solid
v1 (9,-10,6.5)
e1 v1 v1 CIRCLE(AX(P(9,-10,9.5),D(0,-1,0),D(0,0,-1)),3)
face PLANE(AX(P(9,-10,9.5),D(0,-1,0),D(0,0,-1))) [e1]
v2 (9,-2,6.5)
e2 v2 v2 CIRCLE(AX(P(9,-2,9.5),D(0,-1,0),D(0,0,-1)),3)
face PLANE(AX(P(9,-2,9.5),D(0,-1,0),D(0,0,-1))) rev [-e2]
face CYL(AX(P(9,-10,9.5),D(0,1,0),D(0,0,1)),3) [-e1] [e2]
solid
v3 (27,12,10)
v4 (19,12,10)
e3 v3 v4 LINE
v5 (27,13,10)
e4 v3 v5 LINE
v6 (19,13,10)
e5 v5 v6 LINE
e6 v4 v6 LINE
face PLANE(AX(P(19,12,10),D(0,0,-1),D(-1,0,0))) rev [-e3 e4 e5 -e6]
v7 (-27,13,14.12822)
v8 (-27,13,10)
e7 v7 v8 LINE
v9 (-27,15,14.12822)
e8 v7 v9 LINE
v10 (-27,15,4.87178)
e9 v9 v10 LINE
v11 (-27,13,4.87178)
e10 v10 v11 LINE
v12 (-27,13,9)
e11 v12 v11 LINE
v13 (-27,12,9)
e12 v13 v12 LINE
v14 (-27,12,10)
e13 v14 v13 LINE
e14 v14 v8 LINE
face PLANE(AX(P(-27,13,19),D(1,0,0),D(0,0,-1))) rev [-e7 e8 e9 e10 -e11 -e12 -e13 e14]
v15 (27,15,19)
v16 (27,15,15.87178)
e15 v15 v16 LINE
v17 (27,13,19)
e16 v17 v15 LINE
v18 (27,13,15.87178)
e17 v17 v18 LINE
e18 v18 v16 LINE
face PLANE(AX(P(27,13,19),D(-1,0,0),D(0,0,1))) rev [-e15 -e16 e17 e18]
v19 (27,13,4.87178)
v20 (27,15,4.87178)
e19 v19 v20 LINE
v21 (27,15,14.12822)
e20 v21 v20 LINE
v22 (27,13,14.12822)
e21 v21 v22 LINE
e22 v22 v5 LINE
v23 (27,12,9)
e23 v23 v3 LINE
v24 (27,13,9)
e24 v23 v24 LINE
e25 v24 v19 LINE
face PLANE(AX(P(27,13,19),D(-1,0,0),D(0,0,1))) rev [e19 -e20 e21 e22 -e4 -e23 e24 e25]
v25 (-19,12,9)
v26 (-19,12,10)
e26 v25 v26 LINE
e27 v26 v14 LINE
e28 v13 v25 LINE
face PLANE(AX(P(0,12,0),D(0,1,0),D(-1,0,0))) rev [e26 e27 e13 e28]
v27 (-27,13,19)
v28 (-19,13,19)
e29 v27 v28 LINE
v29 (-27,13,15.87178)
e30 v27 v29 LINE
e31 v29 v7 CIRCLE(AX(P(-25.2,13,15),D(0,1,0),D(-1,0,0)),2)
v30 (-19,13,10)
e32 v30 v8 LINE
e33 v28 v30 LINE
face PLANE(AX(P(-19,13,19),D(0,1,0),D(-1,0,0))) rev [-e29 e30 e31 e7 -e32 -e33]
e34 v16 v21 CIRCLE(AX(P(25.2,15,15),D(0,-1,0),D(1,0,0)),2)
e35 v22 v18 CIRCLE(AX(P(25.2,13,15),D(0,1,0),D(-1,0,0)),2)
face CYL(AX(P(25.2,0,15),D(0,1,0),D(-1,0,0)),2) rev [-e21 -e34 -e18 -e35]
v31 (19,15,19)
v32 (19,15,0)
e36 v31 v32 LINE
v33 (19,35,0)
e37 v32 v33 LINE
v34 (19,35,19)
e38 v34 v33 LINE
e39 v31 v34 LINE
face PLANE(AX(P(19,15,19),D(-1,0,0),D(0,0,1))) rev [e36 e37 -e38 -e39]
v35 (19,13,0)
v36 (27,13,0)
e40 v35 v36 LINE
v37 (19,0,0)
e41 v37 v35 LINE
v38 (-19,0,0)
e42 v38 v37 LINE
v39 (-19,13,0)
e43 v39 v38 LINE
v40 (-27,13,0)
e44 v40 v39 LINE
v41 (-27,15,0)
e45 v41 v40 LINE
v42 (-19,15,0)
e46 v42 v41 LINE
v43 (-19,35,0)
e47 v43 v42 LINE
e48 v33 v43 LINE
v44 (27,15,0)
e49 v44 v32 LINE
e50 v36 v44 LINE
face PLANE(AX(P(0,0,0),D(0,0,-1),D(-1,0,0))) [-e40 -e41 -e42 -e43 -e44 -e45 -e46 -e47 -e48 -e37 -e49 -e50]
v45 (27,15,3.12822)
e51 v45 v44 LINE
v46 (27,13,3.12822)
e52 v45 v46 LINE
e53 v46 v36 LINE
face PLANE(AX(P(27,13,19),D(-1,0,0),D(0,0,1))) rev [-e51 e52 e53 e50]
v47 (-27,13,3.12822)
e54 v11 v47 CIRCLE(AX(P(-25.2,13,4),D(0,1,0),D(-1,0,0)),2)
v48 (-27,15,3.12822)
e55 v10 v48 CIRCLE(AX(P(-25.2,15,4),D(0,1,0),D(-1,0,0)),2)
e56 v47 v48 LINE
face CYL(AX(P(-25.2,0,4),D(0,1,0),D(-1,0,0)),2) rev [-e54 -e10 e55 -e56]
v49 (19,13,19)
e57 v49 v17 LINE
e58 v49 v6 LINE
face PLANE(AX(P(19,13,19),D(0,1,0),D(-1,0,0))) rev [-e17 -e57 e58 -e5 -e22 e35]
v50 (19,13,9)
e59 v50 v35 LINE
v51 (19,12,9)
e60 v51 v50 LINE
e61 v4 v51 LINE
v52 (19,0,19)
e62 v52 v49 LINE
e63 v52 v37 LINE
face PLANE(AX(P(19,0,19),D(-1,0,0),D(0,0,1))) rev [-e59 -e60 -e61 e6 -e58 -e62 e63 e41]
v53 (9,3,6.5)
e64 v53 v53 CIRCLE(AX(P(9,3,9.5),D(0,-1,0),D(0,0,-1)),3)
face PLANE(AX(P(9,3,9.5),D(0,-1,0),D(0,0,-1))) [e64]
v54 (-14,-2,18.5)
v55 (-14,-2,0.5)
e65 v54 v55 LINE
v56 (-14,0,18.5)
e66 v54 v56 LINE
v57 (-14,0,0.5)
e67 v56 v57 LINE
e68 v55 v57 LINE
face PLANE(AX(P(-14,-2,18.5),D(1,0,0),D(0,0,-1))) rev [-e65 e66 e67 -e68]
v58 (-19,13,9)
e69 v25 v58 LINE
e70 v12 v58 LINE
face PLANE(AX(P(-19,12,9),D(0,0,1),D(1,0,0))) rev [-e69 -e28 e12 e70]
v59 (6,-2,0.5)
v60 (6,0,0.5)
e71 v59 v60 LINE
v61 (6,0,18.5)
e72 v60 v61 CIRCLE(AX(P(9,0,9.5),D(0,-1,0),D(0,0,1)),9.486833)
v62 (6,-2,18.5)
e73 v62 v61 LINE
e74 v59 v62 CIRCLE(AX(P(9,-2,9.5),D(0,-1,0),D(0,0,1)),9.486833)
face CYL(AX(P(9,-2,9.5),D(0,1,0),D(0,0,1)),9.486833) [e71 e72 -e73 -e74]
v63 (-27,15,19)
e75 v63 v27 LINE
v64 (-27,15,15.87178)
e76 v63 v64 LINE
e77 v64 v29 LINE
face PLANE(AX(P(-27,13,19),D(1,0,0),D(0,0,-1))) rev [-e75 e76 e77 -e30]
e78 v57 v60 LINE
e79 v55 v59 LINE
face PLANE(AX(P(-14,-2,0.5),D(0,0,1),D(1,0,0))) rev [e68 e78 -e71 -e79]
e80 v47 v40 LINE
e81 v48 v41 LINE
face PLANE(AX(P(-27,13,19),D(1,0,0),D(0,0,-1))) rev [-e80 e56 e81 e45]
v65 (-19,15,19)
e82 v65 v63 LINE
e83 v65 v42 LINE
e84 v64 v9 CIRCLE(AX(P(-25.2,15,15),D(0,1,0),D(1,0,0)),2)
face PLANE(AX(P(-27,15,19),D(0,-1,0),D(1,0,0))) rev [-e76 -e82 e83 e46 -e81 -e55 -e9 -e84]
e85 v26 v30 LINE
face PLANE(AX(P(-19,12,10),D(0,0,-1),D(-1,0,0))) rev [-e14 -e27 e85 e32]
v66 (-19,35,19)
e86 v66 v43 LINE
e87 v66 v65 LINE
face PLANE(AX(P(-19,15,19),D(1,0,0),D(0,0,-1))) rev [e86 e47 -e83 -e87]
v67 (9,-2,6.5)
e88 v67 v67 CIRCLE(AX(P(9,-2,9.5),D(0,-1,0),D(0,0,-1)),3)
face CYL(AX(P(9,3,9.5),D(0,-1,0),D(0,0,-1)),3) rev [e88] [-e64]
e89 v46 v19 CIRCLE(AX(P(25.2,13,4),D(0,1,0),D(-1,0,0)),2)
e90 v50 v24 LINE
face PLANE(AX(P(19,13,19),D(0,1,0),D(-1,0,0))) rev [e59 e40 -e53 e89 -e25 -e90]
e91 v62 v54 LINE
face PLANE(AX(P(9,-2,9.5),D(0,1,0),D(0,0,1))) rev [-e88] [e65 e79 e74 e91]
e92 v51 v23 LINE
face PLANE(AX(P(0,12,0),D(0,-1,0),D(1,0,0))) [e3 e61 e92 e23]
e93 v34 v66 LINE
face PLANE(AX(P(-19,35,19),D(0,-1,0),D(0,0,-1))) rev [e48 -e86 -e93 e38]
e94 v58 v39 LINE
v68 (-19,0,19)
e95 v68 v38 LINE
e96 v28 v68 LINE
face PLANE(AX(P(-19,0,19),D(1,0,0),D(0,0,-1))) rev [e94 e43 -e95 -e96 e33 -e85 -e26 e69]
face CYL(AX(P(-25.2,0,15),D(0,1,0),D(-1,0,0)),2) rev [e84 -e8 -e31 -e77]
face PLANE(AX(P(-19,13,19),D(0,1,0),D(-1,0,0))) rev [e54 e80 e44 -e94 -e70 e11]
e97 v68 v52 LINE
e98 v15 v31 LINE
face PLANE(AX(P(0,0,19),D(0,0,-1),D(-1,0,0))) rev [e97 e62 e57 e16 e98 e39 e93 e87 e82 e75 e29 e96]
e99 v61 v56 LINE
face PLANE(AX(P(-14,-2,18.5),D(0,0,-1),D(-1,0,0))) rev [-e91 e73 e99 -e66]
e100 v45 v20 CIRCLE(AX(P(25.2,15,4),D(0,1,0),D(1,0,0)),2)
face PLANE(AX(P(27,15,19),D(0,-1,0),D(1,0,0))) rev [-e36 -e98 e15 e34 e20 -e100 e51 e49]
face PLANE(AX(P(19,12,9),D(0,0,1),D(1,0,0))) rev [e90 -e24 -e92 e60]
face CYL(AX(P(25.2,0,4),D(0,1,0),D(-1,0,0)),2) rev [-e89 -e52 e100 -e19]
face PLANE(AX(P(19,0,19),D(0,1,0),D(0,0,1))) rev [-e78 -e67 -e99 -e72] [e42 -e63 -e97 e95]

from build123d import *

# Parameters (mm, degrees)
BOSS_EXTRUDE1_DEPTH  = 19
SKETCH6_R            = 2
CUT_EXTRUDE2_DEPTH   = 39.600518131
SKETCH10_W           = 8
SKETCH10_H           = 1
BOSS_EXTRUDE14_DEPTH = 1
BOSS_EXTRUDE15_DEPTH = 2
SKETCH13_R           = 3
CUT_EXTRUDE3_DEPTH   = 5
BOSS_EXTRUDE16_START = 8
SKETCH15_R           = 3
BOSS_EXTRUDE16_DEPTH = 8


with BuildPart() as part:
    # Sketch1 → Boss-Extrude1 (new body)
    with BuildSketch(Plane.XY):
        Polygon((19, 0), (-19, 0), (-19, 13), (-27, 13), (-27, 15), (-19, 15), (-19, 35), (19, 35), (19, 15), (27, 15), (27, 13), (19, 13), align=None)
    extrude(amount=BOSS_EXTRUDE1_DEPTH)

    # Sketch6 → Cut-Extrude2 (cut, through all)
    with BuildSketch(Plane(origin=(0, 15, 0), x_dir=(1, 0, 0), z_dir=(0, 1, 0))):
        with Locations((25.2, -15)):
            Circle(SKETCH6_R)
        with Locations((25.2, -4)):
            Circle(SKETCH6_R)
        with Locations((-25.2, -4)):
            Circle(SKETCH6_R)
        with Locations((-25.2, -15)):
            Circle(SKETCH6_R)
    extrude(amount=-CUT_EXTRUDE2_DEPTH, mode=Mode.SUBTRACT)

    # Sketch10 → Boss-Extrude14 (add)
    with BuildSketch(Plane.XZ.offset(-13)):
        with Locations((-23, 9.5)):
            Rectangle(SKETCH10_W, SKETCH10_H)
        with Locations((23, 9.5)):
            Rectangle(SKETCH10_W, SKETCH10_H)
    extrude(amount=BOSS_EXTRUDE14_DEPTH)

    # Sketch12 → Boss-Extrude15 (add)
    with BuildSketch(Plane.XZ):
        with BuildLine():
            Line((-14, 18.5), (6, 18.5))
            ThreePointArc((6, 18.5), (18.486832981, 9.5), (6, 0.5))
            Line((6, 0.5), (-14, 0.5))
            Line((-14, 0.5), (-14, 18.5))
        make_face()
    extrude(amount=BOSS_EXTRUDE15_DEPTH)

    # Sketch13 → Cut-Extrude3 (cut)
    with BuildSketch(Plane.XZ.offset(2)):
        with Locations(Location((9, 9.5, 0), (0, 0, 270))):
            Circle(SKETCH13_R)
    extrude(amount=-CUT_EXTRUDE3_DEPTH, mode=Mode.SUBTRACT)


with BuildPart() as body_2:
    # Sketch15 → Boss-Extrude16 (new body)
    with BuildSketch(Plane.XZ.offset(2).offset(BOSS_EXTRUDE16_START)):
        with Locations(Location((9, 9.5, 0), (0, 0, 270))):
            Circle(SKETCH15_R)
    extrude(amount=-BOSS_EXTRUDE16_DEPTH)


solid = Compound([part.part, body_2.part])
